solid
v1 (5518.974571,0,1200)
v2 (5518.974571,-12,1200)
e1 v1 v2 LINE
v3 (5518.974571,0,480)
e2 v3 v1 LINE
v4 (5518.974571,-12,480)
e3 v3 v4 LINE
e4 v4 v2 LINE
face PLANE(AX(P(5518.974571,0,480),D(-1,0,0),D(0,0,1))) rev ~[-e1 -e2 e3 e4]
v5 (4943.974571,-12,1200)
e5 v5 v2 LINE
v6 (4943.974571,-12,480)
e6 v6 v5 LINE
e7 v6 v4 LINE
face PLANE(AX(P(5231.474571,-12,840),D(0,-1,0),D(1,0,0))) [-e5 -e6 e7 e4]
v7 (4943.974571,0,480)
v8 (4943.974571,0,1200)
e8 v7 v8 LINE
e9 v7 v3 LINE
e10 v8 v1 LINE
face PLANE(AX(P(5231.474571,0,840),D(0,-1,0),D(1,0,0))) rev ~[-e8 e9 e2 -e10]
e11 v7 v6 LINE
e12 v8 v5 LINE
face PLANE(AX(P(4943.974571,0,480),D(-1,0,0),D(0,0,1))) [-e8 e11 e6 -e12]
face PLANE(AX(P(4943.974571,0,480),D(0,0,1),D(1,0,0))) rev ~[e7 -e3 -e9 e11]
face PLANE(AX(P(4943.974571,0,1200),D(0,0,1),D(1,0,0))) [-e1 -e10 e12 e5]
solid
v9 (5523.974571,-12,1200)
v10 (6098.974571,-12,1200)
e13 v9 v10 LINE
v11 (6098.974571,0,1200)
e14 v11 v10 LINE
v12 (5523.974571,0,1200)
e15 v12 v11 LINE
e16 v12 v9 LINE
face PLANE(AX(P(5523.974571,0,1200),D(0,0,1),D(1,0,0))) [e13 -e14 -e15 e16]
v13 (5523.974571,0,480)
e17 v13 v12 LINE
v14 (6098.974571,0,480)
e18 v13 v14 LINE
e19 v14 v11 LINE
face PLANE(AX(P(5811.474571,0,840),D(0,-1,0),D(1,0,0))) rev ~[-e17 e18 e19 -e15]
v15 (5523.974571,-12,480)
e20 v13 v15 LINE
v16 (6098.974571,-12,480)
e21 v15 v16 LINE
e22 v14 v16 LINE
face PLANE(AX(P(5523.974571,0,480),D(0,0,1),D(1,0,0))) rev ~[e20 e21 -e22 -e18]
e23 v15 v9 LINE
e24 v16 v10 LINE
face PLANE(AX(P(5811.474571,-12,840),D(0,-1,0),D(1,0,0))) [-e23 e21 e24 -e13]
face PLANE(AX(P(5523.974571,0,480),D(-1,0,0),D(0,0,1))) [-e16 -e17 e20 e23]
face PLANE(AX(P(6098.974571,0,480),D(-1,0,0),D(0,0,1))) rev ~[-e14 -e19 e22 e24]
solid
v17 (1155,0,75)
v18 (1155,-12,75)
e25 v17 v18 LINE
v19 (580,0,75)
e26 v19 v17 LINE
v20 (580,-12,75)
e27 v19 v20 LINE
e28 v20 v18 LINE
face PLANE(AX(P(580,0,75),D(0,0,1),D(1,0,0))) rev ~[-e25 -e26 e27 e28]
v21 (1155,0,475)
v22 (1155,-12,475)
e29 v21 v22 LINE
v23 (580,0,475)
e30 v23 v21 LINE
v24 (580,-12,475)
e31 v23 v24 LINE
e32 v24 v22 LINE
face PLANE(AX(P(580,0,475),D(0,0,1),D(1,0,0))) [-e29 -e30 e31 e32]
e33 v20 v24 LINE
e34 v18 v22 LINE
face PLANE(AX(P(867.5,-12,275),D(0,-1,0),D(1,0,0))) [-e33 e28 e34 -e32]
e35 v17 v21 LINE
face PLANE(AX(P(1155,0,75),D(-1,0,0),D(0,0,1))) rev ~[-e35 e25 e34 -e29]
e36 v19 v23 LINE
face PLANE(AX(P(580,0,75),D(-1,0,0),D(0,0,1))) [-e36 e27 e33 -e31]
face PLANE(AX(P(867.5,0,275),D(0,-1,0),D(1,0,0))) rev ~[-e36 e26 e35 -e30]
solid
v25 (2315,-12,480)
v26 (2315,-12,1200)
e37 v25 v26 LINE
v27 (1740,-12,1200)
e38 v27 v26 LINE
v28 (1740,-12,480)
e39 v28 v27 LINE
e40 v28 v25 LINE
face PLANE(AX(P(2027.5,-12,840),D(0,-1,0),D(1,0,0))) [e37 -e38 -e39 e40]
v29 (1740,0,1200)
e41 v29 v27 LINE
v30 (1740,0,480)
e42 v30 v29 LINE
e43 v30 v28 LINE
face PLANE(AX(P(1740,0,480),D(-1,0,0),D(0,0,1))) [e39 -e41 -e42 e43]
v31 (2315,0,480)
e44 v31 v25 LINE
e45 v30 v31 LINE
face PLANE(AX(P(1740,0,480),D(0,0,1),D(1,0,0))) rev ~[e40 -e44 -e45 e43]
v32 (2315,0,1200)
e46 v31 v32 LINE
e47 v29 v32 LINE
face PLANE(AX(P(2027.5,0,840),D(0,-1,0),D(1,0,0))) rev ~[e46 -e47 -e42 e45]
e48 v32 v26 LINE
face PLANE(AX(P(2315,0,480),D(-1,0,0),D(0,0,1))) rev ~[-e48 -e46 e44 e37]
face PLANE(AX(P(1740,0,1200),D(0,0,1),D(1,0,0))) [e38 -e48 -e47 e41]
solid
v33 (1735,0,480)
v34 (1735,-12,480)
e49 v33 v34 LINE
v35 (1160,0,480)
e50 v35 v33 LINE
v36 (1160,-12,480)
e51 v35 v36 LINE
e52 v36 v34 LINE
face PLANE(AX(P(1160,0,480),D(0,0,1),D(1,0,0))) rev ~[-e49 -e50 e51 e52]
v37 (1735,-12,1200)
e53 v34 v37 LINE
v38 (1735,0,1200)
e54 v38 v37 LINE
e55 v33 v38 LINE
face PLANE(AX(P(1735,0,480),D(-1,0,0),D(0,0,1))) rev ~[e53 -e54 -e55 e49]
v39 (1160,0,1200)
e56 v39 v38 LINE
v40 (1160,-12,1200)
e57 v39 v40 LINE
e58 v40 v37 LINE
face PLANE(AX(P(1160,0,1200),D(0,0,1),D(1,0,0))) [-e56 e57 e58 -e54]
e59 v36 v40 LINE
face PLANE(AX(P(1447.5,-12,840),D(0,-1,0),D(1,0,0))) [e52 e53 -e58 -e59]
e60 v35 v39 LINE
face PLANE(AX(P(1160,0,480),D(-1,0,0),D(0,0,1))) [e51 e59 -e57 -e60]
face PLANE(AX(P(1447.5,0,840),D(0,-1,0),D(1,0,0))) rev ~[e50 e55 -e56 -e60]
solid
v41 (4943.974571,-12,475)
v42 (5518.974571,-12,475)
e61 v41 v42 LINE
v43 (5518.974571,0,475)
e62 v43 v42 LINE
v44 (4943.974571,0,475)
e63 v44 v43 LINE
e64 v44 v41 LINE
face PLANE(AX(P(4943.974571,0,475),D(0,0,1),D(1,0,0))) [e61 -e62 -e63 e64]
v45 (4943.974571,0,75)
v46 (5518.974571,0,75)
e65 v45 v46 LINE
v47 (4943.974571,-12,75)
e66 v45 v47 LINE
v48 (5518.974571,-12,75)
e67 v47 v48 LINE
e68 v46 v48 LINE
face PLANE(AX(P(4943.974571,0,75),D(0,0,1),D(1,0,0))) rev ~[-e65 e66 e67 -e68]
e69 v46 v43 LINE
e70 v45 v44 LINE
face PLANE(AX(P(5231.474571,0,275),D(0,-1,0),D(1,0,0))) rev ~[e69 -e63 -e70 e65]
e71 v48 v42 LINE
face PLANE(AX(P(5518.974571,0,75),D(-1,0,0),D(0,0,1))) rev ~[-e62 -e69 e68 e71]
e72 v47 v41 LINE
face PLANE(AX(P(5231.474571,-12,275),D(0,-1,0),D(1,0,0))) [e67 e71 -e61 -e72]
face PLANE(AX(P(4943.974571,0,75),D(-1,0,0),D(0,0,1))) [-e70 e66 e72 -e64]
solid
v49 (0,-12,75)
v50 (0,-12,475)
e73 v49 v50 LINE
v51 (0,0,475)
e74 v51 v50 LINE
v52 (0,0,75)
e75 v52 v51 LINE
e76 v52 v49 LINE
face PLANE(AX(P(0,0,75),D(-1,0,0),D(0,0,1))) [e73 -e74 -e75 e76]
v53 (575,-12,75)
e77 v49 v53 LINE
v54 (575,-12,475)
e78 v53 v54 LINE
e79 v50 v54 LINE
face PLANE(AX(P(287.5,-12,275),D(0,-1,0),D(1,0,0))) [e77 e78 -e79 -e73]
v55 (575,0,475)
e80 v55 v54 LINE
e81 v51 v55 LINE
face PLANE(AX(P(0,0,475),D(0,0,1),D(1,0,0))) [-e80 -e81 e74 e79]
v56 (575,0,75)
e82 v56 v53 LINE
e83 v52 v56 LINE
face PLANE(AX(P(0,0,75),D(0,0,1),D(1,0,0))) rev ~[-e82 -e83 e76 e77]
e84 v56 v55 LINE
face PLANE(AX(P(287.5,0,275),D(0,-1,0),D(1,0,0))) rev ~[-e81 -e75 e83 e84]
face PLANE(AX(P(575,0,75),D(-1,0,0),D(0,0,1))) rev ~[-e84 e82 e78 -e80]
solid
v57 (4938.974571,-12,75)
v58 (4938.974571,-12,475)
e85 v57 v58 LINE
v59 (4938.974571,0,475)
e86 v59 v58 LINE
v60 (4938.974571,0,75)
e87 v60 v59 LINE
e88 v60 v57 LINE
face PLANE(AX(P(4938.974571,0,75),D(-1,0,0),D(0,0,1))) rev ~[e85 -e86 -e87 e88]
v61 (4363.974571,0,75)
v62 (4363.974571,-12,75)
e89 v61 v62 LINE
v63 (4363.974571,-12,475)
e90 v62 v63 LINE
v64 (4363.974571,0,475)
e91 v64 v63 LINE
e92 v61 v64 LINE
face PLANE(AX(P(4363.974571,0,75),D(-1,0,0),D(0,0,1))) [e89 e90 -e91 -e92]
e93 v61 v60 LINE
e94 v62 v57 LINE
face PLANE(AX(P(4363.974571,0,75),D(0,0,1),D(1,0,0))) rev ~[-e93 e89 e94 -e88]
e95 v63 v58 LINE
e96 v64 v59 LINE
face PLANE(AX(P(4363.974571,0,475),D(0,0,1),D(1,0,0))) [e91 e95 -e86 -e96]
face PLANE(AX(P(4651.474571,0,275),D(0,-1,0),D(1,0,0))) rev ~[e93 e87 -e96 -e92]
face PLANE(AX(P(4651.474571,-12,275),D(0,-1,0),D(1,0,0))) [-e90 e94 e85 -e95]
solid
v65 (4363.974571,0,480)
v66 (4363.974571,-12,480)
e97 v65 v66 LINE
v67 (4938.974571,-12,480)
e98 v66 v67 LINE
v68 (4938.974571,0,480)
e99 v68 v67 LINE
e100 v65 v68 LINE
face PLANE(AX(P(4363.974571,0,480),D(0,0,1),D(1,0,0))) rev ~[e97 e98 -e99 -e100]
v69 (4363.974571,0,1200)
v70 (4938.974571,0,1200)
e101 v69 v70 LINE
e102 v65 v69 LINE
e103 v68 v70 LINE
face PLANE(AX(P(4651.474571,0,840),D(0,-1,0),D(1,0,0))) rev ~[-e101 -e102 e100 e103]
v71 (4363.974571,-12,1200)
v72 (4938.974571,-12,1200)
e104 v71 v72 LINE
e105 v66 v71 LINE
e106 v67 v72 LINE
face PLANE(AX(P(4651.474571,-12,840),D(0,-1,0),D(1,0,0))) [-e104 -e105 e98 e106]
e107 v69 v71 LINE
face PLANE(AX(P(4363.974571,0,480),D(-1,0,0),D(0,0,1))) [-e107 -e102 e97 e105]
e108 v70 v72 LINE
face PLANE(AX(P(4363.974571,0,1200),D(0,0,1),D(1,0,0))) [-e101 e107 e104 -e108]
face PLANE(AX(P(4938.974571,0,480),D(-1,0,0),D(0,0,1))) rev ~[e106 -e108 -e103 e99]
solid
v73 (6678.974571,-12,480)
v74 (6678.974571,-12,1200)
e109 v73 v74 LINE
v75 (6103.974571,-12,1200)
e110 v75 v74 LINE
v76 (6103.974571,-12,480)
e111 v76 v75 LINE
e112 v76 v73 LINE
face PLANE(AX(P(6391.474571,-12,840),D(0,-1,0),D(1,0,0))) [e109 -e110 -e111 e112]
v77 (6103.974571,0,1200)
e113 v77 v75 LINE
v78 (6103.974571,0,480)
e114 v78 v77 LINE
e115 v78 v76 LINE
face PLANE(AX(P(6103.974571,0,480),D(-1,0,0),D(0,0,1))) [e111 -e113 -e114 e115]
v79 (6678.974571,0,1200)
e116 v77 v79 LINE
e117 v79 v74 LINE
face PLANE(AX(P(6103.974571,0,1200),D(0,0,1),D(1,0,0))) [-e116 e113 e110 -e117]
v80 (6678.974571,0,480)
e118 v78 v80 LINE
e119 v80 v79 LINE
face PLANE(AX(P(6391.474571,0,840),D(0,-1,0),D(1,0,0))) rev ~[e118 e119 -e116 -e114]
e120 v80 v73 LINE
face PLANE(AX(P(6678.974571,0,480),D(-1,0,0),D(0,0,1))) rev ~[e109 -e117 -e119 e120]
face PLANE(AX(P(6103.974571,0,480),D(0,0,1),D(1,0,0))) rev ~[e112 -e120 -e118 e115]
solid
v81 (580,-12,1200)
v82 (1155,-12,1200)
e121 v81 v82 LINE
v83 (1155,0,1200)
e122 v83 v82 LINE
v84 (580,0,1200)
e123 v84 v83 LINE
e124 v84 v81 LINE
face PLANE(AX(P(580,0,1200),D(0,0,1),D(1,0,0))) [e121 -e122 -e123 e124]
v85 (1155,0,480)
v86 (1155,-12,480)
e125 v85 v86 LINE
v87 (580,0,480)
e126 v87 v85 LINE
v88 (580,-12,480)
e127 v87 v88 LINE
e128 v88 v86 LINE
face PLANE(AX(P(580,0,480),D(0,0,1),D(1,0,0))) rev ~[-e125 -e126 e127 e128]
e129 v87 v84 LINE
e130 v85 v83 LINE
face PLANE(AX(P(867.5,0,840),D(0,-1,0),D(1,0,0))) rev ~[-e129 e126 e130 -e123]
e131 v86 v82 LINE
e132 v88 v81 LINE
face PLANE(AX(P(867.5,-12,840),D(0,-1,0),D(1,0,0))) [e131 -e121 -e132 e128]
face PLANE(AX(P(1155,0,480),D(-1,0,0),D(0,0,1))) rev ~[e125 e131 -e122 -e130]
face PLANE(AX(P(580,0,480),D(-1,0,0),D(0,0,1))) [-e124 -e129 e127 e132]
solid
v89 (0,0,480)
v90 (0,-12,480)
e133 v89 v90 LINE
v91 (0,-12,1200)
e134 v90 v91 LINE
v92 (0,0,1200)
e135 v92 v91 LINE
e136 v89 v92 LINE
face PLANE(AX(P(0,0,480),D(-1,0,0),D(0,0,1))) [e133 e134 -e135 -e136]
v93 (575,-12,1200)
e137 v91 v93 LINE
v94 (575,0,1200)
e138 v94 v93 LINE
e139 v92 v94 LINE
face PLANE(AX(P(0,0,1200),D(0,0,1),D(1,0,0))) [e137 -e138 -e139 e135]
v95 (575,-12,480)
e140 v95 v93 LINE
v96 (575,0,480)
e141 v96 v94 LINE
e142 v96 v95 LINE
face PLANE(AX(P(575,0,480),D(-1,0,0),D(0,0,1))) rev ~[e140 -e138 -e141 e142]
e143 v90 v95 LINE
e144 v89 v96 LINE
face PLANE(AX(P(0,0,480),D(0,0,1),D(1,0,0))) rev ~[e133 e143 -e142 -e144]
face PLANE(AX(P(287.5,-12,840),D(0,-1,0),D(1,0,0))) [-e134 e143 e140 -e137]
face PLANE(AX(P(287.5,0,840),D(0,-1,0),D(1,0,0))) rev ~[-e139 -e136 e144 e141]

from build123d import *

# Parameters (mm, degrees)
F0_W     = 575
F0_H     = 720
F0_H_2   = 400
F1_DEPTH = 12


with BuildPart() as f1:
    # F0 (on Front) → F1 (new body)
    with BuildSketch(Plane.XZ):
        with Locations((287.5, 840)):
            Rectangle(F0_W, F0_H)
        with Locations((867.5, 840)):
            Rectangle(F0_W, F0_H)
        with Locations((1447.5, 840)):
            Rectangle(F0_W, F0_H)
        with Locations((2027.5, 840)):
            Rectangle(F0_W, F0_H)
        with Locations((287.5, 275)):
            Rectangle(F0_W, F0_H_2)
        with Locations((867.5, 275)):
            Rectangle(F0_W, F0_H_2)
        with Locations((4651.474571, 840)):
            Rectangle(F0_W, F0_H)
        with Locations((5231.474571, 840)):
            Rectangle(F0_W, F0_H)
        with Locations((5811.474571, 840)):
            Rectangle(F0_W, F0_H)
        with Locations((6391.474571, 840)):
            Rectangle(F0_W, F0_H)
        with Locations((4651.474571, 275)):
            Rectangle(F0_W, F0_H_2)
        with Locations((5231.474571, 275)):
            Rectangle(F0_W, F0_H_2)
    extrude(amount=F1_DEPTH)


solid = f1.part
